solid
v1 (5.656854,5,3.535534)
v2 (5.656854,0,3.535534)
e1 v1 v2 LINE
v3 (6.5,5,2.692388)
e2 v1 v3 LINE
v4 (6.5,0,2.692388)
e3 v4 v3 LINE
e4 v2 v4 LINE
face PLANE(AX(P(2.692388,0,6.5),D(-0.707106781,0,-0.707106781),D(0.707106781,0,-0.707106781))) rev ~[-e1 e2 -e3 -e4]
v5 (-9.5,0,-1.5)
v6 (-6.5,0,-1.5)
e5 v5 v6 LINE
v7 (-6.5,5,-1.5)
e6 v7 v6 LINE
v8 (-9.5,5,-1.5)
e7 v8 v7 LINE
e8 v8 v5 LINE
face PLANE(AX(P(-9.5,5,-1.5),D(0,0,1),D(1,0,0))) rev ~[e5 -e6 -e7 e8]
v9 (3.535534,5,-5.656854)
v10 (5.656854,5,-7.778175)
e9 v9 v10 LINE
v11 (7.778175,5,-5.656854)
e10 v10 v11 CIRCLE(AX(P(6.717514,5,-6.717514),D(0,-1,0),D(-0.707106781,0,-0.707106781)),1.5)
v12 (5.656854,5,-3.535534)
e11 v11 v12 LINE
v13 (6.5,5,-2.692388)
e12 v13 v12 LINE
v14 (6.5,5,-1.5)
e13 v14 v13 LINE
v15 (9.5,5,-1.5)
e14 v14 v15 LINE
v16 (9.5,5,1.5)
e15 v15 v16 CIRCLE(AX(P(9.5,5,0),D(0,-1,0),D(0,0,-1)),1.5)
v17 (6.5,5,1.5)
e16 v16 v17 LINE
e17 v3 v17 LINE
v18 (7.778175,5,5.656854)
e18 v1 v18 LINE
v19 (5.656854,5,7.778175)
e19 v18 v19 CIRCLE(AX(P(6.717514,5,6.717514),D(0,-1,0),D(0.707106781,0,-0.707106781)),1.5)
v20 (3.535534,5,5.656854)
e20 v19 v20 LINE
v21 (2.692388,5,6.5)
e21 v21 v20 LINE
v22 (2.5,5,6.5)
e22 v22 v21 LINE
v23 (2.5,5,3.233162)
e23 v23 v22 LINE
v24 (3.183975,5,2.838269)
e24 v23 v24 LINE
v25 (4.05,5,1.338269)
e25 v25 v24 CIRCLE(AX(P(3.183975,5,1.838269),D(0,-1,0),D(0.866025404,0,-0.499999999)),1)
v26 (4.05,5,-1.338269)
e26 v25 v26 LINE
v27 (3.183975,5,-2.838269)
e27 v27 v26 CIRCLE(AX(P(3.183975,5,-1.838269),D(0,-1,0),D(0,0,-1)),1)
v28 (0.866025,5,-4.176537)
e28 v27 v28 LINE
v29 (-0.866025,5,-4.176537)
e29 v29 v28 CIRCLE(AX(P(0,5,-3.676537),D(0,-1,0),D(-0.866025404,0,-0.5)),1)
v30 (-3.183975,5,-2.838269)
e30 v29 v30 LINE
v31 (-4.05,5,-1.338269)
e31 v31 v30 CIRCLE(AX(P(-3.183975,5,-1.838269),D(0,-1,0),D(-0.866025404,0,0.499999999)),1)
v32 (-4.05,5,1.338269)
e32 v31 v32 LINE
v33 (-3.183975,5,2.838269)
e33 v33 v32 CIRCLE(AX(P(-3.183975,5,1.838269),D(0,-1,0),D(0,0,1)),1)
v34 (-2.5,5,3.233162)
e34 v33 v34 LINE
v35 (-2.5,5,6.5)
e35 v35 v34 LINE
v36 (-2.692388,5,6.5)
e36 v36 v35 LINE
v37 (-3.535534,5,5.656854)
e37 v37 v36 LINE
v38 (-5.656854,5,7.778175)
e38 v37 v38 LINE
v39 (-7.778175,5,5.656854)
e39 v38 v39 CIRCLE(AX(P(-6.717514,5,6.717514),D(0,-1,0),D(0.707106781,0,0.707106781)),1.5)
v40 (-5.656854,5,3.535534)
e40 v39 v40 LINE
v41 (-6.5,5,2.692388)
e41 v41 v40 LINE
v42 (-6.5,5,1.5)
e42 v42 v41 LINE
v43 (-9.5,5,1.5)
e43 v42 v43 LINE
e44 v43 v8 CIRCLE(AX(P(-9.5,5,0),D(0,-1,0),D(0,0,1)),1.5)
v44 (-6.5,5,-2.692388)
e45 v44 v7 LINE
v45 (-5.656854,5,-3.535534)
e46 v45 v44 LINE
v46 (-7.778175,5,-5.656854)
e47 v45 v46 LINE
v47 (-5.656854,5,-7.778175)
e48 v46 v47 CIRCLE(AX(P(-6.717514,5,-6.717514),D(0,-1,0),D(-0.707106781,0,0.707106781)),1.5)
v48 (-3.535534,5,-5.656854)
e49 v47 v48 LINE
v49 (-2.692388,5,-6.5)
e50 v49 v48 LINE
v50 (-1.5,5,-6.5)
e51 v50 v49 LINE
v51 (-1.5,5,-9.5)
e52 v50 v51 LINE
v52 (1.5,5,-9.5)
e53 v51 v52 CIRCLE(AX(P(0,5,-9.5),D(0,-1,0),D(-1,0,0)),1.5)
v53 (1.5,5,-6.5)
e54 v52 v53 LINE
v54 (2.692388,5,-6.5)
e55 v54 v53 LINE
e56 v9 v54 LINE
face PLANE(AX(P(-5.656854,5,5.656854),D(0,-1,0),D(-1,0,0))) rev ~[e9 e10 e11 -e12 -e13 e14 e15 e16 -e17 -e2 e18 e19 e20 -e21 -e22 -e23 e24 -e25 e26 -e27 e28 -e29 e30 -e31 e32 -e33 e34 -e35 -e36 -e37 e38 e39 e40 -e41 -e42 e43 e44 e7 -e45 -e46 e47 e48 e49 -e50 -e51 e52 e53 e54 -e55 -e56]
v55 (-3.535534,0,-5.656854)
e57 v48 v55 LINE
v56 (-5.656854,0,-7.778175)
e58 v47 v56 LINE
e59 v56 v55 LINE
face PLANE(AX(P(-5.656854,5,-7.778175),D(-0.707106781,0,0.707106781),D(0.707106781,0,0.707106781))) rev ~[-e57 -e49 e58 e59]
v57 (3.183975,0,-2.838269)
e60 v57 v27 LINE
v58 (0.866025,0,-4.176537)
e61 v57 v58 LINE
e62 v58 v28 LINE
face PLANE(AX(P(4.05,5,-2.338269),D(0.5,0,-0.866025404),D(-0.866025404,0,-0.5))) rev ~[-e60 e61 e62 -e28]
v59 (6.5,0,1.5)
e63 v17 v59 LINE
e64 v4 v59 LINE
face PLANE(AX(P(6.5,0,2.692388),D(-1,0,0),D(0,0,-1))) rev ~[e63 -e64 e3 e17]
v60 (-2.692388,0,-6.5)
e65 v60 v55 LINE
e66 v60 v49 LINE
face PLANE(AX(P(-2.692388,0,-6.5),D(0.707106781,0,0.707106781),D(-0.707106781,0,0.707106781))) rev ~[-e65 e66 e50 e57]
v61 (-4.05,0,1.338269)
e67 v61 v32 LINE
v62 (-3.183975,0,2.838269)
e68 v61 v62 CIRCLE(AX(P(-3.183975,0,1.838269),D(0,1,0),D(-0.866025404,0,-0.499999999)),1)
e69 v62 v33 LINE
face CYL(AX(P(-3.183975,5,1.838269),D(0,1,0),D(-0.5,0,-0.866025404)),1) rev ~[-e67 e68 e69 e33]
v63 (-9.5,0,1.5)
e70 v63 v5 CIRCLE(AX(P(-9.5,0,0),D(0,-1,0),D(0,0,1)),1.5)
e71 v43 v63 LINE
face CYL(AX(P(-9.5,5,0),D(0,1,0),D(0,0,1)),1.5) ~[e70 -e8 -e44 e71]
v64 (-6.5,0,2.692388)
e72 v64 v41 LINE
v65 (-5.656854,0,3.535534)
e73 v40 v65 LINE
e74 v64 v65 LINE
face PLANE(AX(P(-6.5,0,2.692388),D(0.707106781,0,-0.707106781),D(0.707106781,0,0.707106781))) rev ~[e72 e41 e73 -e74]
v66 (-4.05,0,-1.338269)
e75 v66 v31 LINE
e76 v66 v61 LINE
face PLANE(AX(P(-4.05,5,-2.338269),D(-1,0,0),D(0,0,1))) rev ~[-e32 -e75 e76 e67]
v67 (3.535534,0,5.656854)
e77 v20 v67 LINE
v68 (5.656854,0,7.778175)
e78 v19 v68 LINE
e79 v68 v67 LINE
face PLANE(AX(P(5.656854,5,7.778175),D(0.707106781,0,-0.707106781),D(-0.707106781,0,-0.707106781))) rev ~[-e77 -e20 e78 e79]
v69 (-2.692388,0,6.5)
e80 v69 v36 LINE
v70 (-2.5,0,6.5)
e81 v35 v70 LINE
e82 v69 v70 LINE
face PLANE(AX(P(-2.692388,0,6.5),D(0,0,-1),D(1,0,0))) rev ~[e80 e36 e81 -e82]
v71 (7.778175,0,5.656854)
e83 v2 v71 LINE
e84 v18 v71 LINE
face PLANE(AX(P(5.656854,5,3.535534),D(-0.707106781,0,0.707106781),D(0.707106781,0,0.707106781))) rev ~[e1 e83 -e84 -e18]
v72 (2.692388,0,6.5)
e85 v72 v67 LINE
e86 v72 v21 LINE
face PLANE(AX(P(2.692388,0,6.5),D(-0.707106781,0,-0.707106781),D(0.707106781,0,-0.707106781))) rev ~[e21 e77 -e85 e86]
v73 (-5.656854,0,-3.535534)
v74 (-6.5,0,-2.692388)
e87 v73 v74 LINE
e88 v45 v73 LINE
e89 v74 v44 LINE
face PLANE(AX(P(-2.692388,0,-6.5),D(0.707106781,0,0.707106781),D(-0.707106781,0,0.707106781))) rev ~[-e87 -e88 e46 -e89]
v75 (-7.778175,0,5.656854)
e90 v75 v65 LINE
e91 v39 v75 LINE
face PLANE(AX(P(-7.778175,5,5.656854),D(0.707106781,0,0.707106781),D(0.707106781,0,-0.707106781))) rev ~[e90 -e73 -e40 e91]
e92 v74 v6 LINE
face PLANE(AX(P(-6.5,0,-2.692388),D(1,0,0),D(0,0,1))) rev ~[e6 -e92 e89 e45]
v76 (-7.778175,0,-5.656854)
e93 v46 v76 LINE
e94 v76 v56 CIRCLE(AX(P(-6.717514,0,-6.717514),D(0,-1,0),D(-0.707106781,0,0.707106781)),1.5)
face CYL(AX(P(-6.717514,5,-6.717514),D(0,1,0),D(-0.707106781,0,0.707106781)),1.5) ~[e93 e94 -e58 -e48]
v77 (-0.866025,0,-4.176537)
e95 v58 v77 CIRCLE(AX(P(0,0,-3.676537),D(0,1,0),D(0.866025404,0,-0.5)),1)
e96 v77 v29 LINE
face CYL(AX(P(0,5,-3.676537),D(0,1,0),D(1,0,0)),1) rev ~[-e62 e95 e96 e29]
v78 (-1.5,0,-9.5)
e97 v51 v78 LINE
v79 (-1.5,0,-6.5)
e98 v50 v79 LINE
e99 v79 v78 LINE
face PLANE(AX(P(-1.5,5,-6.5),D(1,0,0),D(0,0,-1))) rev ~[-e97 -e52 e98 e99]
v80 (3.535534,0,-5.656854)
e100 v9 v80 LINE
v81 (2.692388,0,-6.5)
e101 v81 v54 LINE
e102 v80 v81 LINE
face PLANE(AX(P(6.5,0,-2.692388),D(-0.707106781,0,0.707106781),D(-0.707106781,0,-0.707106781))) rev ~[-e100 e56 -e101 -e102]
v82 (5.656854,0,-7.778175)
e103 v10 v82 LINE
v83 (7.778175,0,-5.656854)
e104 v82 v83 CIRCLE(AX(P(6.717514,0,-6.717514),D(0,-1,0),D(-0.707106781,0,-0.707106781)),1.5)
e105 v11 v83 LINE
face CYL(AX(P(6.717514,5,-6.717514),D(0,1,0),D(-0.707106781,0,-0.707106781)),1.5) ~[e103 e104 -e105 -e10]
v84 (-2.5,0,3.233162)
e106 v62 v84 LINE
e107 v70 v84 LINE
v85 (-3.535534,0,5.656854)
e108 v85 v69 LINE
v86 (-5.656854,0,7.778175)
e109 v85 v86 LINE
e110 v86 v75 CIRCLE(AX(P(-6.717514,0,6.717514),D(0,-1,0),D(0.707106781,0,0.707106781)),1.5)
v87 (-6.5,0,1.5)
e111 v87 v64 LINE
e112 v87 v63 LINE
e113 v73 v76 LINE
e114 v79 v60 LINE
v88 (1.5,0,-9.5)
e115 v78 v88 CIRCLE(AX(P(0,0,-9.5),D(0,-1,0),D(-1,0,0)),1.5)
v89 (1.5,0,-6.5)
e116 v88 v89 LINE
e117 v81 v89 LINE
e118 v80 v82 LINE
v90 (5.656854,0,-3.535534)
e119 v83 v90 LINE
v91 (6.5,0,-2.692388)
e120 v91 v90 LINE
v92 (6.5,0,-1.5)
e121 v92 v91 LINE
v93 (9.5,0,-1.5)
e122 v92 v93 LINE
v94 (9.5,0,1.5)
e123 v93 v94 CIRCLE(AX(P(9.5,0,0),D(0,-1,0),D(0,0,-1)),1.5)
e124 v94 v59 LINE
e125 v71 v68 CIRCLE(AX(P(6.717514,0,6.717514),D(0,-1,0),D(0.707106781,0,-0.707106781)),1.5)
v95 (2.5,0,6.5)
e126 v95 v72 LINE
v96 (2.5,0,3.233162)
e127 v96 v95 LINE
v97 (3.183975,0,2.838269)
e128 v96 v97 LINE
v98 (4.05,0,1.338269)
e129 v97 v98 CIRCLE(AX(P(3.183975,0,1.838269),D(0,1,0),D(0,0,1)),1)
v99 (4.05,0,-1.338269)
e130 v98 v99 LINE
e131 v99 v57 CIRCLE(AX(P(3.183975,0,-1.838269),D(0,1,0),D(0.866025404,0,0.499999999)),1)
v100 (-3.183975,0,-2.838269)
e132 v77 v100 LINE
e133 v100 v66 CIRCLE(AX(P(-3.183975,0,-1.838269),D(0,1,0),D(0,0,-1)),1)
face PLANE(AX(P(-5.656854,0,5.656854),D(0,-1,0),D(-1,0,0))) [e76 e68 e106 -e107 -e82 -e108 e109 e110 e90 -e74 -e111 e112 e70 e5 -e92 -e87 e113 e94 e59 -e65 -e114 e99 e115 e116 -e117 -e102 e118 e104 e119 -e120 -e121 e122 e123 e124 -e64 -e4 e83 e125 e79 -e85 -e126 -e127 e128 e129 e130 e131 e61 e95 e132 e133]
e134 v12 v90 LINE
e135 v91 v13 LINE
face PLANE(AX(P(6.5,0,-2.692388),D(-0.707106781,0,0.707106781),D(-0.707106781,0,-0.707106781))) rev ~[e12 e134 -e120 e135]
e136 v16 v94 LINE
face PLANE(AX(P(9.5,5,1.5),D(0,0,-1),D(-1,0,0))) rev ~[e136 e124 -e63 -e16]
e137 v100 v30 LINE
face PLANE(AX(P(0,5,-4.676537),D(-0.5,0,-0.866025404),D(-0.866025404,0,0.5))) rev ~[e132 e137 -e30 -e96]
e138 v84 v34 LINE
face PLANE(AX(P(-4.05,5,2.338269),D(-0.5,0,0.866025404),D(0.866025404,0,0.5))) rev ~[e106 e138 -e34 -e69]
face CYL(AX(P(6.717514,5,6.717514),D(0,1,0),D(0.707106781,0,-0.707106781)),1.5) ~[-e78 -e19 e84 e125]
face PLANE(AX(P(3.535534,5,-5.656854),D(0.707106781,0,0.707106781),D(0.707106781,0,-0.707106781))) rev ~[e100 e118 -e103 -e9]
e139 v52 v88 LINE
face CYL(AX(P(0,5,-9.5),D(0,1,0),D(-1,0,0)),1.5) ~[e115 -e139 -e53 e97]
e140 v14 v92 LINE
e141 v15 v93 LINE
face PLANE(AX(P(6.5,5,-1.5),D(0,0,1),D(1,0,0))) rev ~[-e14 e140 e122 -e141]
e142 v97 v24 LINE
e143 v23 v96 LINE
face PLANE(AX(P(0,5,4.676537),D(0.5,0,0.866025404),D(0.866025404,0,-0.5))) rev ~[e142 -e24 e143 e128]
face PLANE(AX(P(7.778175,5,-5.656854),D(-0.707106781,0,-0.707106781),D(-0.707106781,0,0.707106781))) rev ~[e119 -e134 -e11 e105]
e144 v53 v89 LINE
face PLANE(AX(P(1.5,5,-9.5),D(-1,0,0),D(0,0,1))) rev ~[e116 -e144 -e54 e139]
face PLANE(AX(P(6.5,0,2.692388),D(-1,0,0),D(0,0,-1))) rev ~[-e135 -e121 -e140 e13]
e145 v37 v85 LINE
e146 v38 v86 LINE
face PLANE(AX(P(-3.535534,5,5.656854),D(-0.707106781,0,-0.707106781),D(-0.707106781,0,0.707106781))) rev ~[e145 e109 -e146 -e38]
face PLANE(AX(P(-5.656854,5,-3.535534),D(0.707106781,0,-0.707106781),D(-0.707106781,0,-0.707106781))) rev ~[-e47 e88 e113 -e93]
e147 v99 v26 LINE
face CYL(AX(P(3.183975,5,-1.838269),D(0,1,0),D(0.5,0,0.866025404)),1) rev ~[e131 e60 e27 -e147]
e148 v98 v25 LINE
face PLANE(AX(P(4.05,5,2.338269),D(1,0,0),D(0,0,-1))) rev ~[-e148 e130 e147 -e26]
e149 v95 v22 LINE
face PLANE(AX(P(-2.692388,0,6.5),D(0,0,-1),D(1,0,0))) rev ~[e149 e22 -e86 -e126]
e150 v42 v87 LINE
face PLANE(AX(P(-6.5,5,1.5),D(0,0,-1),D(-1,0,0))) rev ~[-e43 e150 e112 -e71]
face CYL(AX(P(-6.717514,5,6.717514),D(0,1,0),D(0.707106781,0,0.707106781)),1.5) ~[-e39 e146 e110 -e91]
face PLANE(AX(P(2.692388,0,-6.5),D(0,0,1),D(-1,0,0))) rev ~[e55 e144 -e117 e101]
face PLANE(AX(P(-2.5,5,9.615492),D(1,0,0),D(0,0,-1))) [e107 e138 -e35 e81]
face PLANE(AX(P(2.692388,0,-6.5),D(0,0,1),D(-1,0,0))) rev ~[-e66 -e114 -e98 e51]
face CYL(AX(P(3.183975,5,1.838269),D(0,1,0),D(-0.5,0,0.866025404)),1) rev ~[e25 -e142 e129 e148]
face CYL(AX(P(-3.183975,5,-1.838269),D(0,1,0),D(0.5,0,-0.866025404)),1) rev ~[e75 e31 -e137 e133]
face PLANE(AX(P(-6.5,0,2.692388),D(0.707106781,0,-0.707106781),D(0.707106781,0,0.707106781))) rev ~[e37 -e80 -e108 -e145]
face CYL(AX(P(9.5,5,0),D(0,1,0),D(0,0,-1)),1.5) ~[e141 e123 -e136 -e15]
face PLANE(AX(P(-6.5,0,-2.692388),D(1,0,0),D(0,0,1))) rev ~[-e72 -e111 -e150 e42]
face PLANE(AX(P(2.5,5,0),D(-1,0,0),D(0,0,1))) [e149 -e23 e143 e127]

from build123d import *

# Parameters (mm, degrees)
EXTRUDE_2_DEPTH          = 5
CUT_EXTRUDE_1_DEPTH      = 5
SKETCH_5_R               = 1
CUT_EXTRUDE_2_DEPTH      = 5
PATTERN_CIRCULAR_1_COUNT = 6
CUT_EXTRUDE_3_DEPTH      = 10
EXTRUDE_3_DEPTH          = 5


with BuildPart() as part:
    # 스케치3 → 보스-돌출2 (new body)
    with BuildSketch(Plane(origin=(0, 0, 0), x_dir=(1, 0, 0), z_dir=(0, 1, 0))):
        Polygon((2.692388155, 6.5), (-2.692388155, 6.5), (-6.5, 2.692388155), (-6.5, -2.692388155), (-2.692388155, -6.5), (2.692388155, -6.5), (6.5, -2.692388155), (6.5, 2.692388155), align=None)
    extrude(amount=EXTRUDE_2_DEPTH)

    # 스케치4 → 컷-돌출1 (cut)
    with BuildSketch(Plane(origin=(0, 5, 0), x_dir=(1, 0, 0), z_dir=(0, 1, 0))):
        Polygon((4.05, 2.33826859), (0, 4.67653718), (-4.05, 2.33826859), (-4.05, -2.33826859), (0, -4.67653718), (4.05, -2.33826859), align=None)
    extrude(amount=-CUT_EXTRUDE_1_DEPTH, mode=Mode.SUBTRACT)

    # 스케치5 → 컷-돌출2 (cut)
    with BuildSketch(Plane(origin=(0, 5, 0), x_dir=(1, 0, 0), z_dir=(0, 1, 0))):
        with Locations((0, 3.67653718)):
            Circle(SKETCH_5_R)
    cut_extrude_2 = extrude(amount=-CUT_EXTRUDE_2_DEPTH, mode=Mode.SUBTRACT)

    # 원형 패턴1: 컷-돌출2 ×6 about axis
    pattern_circular_1_axis = Axis((0, 0, 0), (0, 1, 0))
    for i in range(1, PATTERN_CIRCULAR_1_COUNT):
        add(cut_extrude_2.rotate(pattern_circular_1_axis, i * 360 / PATTERN_CIRCULAR_1_COUNT), mode=Mode.SUBTRACT)

    # 스케치8 → 컷-돌출3 (cut)
    with BuildSketch(Plane(origin=(0, 5, 0), x_dir=(1, 0, 0), z_dir=(0, 1, 0))):
        with BuildLine():
            Line((2.5, 0), (2.5, -9.615491692))
            ThreePointArc((2.5, -9.615491692), (0, -12.115491692), (-2.5, -9.615491692))
            Line((-2.5, -9.615491692), (-2.5, 0))
            ThreePointArc((-2.5, 0), (0, 2.5), (2.5, 0))
        make_face()
    extrude(amount=-CUT_EXTRUDE_3_DEPTH, mode=Mode.SUBTRACT)

    # 스케치10 → 보스-돌출3 (add)
    with BuildSketch(Plane(origin=(0, 5, 0), x_dir=(1, 0, 0), z_dir=(0, 1, 0))):
        with BuildLine():
            Line((-3.535533906, -5.656854249), (-5.656854249, -7.778174593))
            ThreePointArc((-5.656854249, -7.778174593), (-7.778174593, -7.778174593), (-7.778174593, -5.656854249))
            Line((-7.778174593, -5.656854249), (-5.656854249, -3.535533906))
            ThreePointArc((-5.656854249, -3.535533906), (-3.535533906, -3.535533906), (-3.535533906, -5.656854249))
        make_face()
        with BuildLine():
            Line((-6.5, -1.5), (-9.5, -1.5))
            ThreePointArc((-9.5, -1.5), (-11, 0), (-9.5, 1.5))
            Line((-9.5, 1.5), (-6.5, 1.5))
            ThreePointArc((-6.5, 1.5), (-5, 0), (-6.5, -1.5))
        make_face()
        with BuildLine():
            Line((-5.656854249, 3.535533906), (-7.778174593, 5.656854249))
            ThreePointArc((-7.778174593, 5.656854249), (-7.778174593, 7.778174593), (-5.656854249, 7.778174593))
            Line((-5.656854249, 7.778174593), (-3.535533906, 5.656854249))
            ThreePointArc((-3.535533906, 5.656854249), (-3.535533906, 3.535533906), (-5.656854249, 3.535533906))
        make_face()
        with BuildLine():
            Line((-1.5, 6.5), (-1.5, 9.5))
            ThreePointArc((-1.5, 9.5), (0, 11), (1.5, 9.5))
            Line((1.5, 9.5), (1.5, 6.5))
            ThreePointArc((1.5, 6.5), (0, 5), (-1.5, 6.5))
        make_face()
        with BuildLine():
            Line((3.535533906, 5.656854249), (5.656854249, 7.778174593))
            ThreePointArc((5.656854249, 7.778174593), (7.778174593, 7.778174593), (7.778174593, 5.656854249))
            Line((7.778174593, 5.656854249), (5.656854249, 3.535533906))
            ThreePointArc((5.656854249, 3.535533906), (3.535533906, 3.535533906), (3.535533906, 5.656854249))
        make_face()
        with BuildLine():
            Line((6.5, 1.5), (9.5, 1.5))
            ThreePointArc((9.5, 1.5), (11, 0), (9.5, -1.5))
            Line((9.5, -1.5), (6.5, -1.5))
            ThreePointArc((6.5, -1.5), (5, 0), (6.5, 1.5))
        make_face()
        with BuildLine():
            Line((5.656854249, -3.535533906), (7.778174593, -5.656854249))
            ThreePointArc((7.778174593, -5.656854249), (7.778174593, -7.778174593), (5.656854249, -7.778174593))
            Line((5.656854249, -7.778174593), (3.535533906, -5.656854249))
            ThreePointArc((3.535533906, -5.656854249), (3.535533906, -3.535533906), (5.656854249, -3.535533906))
        make_face()
    extrude(amount=-EXTRUDE_3_DEPTH)


solid = part.part
